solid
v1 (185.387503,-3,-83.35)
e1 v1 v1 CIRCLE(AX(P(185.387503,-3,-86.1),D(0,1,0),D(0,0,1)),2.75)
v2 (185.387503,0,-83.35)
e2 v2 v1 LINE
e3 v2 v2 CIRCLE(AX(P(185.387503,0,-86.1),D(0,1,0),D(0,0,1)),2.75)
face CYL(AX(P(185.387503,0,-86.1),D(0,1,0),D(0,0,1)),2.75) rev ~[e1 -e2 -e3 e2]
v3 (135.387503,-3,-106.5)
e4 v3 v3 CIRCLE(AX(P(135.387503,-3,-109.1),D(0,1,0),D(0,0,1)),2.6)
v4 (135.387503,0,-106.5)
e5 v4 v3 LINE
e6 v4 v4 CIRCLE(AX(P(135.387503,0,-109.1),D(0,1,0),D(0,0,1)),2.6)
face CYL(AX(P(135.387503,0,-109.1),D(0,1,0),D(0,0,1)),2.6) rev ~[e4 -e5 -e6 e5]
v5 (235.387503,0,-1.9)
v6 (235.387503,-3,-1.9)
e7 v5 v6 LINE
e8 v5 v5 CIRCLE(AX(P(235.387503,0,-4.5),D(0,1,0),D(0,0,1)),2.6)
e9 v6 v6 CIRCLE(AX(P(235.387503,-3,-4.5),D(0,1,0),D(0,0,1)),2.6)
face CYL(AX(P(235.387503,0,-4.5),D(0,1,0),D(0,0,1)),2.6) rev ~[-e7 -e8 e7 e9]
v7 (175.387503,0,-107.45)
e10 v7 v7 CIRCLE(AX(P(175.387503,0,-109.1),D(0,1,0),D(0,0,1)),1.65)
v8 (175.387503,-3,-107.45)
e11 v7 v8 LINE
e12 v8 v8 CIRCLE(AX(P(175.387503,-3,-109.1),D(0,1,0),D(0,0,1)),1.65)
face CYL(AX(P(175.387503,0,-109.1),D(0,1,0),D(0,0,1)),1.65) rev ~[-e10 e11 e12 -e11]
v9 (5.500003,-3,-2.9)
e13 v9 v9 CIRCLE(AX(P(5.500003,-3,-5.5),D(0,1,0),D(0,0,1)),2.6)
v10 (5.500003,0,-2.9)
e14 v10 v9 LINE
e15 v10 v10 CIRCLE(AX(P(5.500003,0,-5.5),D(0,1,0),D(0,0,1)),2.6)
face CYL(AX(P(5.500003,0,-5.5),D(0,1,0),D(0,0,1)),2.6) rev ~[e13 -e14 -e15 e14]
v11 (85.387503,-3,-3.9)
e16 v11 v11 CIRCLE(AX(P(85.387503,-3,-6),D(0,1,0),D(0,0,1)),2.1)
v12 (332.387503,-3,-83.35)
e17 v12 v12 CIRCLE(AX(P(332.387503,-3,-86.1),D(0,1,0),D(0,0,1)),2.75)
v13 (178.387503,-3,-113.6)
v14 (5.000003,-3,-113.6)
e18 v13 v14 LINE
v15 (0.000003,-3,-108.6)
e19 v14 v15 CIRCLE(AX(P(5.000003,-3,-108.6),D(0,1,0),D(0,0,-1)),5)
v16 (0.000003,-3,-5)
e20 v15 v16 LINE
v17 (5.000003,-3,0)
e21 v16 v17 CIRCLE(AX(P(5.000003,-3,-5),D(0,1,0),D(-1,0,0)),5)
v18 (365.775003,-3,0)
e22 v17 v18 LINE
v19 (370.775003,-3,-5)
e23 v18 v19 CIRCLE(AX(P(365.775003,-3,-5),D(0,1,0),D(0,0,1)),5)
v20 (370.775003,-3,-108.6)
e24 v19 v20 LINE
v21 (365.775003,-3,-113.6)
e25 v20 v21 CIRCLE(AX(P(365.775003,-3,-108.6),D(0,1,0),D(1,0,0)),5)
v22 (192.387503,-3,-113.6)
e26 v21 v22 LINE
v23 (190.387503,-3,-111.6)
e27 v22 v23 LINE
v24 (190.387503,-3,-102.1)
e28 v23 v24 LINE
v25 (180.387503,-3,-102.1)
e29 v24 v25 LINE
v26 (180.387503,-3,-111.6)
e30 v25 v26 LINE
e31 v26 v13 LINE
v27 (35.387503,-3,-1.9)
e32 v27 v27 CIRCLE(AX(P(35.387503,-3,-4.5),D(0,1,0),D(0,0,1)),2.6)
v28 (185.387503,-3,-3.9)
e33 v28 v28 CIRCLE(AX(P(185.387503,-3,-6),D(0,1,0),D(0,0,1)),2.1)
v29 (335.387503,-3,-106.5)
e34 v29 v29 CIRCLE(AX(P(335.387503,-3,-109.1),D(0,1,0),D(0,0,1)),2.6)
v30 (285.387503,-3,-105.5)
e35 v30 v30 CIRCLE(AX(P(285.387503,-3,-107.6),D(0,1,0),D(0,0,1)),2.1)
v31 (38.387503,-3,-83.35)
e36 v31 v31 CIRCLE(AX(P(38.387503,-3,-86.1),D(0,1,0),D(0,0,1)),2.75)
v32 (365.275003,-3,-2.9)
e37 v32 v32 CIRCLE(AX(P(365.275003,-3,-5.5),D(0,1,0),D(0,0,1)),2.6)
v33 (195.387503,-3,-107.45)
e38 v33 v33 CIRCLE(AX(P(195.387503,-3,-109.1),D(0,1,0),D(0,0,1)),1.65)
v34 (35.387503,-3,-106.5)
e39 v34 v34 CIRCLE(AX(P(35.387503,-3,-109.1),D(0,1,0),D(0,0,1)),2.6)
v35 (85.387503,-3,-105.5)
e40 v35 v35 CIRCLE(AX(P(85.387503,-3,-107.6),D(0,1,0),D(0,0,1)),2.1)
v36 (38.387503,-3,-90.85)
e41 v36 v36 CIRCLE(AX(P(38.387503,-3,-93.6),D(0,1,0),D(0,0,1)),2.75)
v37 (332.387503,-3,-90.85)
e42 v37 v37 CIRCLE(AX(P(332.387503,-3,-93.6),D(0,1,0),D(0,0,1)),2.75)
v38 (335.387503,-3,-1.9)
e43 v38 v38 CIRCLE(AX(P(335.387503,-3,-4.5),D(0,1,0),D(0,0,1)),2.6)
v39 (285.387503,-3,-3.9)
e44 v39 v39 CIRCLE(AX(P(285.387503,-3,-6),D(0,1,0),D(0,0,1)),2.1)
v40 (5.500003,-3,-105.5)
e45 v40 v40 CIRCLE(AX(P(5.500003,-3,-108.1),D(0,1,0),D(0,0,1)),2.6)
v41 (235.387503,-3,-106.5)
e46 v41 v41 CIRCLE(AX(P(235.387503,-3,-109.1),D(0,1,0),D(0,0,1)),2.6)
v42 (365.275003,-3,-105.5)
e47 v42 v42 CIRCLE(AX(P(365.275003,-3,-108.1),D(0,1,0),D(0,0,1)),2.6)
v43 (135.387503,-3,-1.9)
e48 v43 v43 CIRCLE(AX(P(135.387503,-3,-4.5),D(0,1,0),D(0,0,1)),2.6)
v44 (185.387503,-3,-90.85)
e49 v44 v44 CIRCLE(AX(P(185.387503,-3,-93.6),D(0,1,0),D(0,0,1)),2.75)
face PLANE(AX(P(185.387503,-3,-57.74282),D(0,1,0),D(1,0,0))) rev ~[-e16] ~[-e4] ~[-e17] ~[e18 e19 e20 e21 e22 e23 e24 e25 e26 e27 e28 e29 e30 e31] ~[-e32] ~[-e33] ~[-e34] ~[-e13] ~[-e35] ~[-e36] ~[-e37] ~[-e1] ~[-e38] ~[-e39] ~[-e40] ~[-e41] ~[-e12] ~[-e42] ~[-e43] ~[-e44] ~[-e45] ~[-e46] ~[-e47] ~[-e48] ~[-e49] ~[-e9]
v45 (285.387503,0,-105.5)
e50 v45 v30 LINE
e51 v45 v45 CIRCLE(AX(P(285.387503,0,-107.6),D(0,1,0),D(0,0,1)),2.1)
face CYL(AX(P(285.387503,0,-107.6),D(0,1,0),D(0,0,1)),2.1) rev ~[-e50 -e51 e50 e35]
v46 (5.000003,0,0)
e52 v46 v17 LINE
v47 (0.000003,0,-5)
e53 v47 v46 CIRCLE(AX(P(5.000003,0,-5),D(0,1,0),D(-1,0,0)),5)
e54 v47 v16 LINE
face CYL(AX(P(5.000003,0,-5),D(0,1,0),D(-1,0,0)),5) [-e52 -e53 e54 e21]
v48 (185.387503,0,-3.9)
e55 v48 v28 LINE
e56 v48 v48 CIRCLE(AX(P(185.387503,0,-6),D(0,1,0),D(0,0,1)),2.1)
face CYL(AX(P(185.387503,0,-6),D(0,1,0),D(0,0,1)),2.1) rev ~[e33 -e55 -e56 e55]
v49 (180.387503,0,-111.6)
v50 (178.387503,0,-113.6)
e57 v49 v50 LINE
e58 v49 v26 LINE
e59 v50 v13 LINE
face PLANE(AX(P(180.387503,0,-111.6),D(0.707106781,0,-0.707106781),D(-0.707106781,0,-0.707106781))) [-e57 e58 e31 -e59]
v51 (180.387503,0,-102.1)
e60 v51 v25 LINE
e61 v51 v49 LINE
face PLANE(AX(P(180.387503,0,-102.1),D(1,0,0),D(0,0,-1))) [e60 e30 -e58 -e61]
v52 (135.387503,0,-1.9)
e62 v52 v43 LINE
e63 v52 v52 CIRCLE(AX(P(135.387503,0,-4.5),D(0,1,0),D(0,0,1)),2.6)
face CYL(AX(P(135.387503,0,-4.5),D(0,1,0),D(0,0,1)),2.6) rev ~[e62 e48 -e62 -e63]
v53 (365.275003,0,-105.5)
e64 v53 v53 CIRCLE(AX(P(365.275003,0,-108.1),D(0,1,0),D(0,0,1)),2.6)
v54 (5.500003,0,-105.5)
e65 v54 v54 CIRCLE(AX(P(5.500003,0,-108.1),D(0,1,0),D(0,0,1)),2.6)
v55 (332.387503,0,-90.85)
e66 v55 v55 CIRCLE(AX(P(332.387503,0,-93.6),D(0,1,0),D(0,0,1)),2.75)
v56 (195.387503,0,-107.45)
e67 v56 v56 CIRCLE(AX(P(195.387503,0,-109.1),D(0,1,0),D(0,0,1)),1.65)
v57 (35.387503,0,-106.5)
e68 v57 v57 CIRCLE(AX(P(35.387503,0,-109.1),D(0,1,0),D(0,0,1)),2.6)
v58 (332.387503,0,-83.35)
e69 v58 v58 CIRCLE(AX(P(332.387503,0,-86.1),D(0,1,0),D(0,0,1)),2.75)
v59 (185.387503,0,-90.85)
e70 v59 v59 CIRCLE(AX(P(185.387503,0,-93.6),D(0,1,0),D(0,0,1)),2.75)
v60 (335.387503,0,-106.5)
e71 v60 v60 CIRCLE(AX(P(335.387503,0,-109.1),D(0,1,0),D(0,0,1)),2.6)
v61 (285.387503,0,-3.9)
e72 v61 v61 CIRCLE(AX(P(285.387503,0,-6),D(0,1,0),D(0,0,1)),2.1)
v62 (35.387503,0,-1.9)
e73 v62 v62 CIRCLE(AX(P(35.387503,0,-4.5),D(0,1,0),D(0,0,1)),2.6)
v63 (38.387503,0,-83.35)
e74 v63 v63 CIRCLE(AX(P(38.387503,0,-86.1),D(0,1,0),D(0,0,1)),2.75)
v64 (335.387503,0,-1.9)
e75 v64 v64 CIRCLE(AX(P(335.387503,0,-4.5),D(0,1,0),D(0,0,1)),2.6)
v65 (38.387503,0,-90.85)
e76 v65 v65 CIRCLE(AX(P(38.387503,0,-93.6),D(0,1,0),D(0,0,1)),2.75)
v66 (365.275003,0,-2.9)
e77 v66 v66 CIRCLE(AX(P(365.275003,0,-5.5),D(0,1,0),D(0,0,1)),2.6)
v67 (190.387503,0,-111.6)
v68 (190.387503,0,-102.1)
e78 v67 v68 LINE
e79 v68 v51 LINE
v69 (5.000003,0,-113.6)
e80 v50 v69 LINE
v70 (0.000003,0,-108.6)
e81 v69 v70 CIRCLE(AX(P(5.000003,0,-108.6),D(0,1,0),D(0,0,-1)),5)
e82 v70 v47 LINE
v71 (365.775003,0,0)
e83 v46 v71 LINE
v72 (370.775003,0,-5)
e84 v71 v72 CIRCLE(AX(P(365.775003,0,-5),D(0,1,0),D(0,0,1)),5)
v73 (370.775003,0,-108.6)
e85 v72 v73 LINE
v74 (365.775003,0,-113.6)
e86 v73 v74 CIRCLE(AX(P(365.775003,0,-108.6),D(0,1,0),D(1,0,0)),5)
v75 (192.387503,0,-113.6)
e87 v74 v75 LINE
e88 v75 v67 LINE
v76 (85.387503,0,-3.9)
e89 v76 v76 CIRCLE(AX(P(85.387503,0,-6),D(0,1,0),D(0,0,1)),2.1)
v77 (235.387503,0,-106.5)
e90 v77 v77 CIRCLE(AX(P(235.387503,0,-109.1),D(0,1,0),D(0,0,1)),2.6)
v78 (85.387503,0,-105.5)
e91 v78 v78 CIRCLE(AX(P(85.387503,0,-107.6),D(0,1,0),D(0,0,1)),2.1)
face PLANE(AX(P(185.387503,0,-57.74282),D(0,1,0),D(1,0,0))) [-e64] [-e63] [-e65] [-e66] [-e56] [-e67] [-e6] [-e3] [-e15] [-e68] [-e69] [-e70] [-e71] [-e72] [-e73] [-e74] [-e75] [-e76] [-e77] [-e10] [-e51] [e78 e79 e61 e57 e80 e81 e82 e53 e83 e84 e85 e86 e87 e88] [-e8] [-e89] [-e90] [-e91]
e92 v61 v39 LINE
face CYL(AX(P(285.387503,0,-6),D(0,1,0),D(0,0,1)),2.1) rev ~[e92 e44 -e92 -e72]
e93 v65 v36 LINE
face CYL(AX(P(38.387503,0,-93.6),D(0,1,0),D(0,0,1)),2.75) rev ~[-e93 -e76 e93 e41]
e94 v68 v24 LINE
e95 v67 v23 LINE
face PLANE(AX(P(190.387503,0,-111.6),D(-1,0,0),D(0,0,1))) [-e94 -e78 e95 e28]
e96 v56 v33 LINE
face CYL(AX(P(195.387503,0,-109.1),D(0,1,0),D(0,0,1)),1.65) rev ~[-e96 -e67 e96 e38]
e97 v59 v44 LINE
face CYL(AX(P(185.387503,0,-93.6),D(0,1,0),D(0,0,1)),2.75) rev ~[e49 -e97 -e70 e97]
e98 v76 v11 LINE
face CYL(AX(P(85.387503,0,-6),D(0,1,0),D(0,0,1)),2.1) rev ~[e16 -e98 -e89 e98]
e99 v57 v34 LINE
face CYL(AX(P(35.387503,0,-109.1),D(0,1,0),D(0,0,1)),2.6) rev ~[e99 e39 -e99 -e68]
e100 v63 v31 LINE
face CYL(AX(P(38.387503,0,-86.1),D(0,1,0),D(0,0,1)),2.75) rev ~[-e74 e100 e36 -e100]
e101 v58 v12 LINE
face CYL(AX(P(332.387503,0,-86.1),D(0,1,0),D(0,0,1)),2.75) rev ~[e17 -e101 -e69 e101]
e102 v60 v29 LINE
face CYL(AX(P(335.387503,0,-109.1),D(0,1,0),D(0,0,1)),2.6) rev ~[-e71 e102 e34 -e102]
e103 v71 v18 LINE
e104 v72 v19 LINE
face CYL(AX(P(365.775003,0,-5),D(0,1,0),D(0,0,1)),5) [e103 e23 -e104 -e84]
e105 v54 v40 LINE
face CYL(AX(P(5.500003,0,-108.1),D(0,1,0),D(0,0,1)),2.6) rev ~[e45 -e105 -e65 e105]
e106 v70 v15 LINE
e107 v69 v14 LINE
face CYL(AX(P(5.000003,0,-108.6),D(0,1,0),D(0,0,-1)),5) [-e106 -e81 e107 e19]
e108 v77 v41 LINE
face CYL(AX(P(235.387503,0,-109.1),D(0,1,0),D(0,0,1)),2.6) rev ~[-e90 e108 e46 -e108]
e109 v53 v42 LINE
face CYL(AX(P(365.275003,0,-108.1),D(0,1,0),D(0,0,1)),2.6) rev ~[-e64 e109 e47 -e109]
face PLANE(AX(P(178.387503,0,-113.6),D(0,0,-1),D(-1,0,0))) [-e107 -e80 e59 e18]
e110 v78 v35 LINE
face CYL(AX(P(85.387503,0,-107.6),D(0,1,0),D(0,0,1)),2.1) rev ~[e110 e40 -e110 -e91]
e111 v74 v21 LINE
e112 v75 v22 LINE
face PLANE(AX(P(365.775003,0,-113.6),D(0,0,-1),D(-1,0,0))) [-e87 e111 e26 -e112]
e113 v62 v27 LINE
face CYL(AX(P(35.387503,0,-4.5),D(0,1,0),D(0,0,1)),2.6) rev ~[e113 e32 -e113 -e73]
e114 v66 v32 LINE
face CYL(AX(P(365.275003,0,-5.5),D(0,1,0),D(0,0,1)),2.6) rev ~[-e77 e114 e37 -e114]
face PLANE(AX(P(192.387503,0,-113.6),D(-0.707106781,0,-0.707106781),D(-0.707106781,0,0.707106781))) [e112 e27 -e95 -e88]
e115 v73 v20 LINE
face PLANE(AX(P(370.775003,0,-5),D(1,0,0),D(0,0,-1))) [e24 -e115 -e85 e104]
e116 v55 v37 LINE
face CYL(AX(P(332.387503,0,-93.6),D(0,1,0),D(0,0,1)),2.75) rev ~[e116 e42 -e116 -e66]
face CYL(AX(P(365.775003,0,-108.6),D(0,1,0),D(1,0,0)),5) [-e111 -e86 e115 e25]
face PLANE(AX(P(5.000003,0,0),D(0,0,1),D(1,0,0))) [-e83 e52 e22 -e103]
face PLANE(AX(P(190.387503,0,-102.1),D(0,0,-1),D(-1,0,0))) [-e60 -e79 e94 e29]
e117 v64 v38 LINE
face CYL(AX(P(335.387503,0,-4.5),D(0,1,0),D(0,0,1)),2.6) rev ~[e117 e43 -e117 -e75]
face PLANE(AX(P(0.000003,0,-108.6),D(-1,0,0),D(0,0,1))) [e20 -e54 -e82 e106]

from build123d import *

# Parameters (mm, degrees)
SKETCH1_R           = 2.6
SKETCH1_R_2         = 1.65
SKETCH1_R_3         = 2.75
SKETCH1_R_4         = 2.1
BOSS_EXTRUDE1_DEPTH = 3


with BuildPart() as part:
    # Sketch1 → Boss-Extrude1 (new body)
    with BuildSketch(Plane(origin=(0, 0, 0), x_dir=(1, 0, 0), z_dir=(0, 1, 0))):
        with BuildLine():
            Line((3.317e-06, 108.599999792), (3.317e-06, 4.999999792))
            ThreePointArc((3.317e-06, 4.999999792), (1.464469411, 1.464465886), (5.000003317, -2.08e-07))
            Line((5.000003317, -2.08e-07), (365.775003317, -2.08e-07))
            ThreePointArc((365.775003317, -2.08e-07), (369.310537223, 1.464465886), (370.775003317, 4.999999792))
            Line((370.775003317, 4.999999792), (370.775003317, 108.599999792))
            ThreePointArc((370.775003317, 108.599999792), (369.310537223, 112.135533698), (365.775003317, 113.599999792))
            Line((365.775003317, 113.599999792), (192.387503319, 113.599999792))
            Line((192.387503319, 113.599999792), (190.387503319, 111.599999792))
            Line((190.387503319, 111.599999792), (190.387503319, 102.099999792))
            Line((190.387503319, 102.099999792), (180.387503319, 102.099999792))
            Line((180.387503319, 102.099999792), (180.387503319, 111.599999792))
            Line((180.387503319, 111.599999792), (178.387503319, 113.599999792))
            Line((178.387503319, 113.599999792), (5.000003317, 113.599999792))
            ThreePointArc((5.000003317, 113.599999792), (1.464469411, 112.135533698), (3.317e-06, 108.599999792))
        make_face()
        with Locations(Location((5.500003317, 108.099999792, 0), (0, 0, 270))):
            Circle(SKETCH1_R, mode=Mode.SUBTRACT)
        with Locations(Location((5.500003317, 5.499999792, 0), (0, 0, 270))):
            Circle(SKETCH1_R, mode=Mode.SUBTRACT)
        with Locations(Location((365.275003317, 5.499999792, 0), (0, 0, 270))):
            Circle(SKETCH1_R, mode=Mode.SUBTRACT)
        with Locations(Location((365.275003317, 108.099999792, 0), (0, 0, 270))):
            Circle(SKETCH1_R, mode=Mode.SUBTRACT)
        with Locations(Location((35.387503317, 4.499999792, 0), (0, 0, 270))):
            Circle(SKETCH1_R, mode=Mode.SUBTRACT)
        with Locations(Location((135.387503317, 4.499999792, 0), (0, 0, 270))):
            Circle(SKETCH1_R, mode=Mode.SUBTRACT)
        with Locations(Location((335.387503317, 4.499999792, 0), (0, 0, 270))):
            Circle(SKETCH1_R, mode=Mode.SUBTRACT)
        with Locations(Location((235.387503317, 4.499999792, 0), (0, 0, 270))):
            Circle(SKETCH1_R, mode=Mode.SUBTRACT)
        with Locations(Location((35.387503317, 109.099999792, 0), (0, 0, 270))):
            Circle(SKETCH1_R, mode=Mode.SUBTRACT)
        with Locations(Location((135.387503317, 109.099999792, 0), (0, 0, 270))):
            Circle(SKETCH1_R, mode=Mode.SUBTRACT)
        with Locations(Location((335.387503317, 109.099999792, 0), (0, 0, 270))):
            Circle(SKETCH1_R, mode=Mode.SUBTRACT)
        with Locations(Location((235.387503317, 109.099999792, 0), (0, 0, 270))):
            Circle(SKETCH1_R, mode=Mode.SUBTRACT)
        with Locations(Location((195.387503317, 109.099999792, 0), (0, 0, 270))):
            Circle(SKETCH1_R_2, mode=Mode.SUBTRACT)
        with Locations(Location((175.387503317, 109.099999792, 0), (0, 0, 270))):
            Circle(SKETCH1_R_2, mode=Mode.SUBTRACT)
        with Locations(Location((38.387503314, 86.099999792, 0), (0, 0, 270))):
            Circle(SKETCH1_R_3, mode=Mode.SUBTRACT)
        with Locations(Location((38.387503317, 93.599999792, 0), (0, 0, 270))):
            Circle(SKETCH1_R_3, mode=Mode.SUBTRACT)
        with Locations(Location((332.387503314, 86.099999792, 0), (0, 0, 270))):
            Circle(SKETCH1_R_3, mode=Mode.SUBTRACT)
        with Locations(Location((332.387503317, 93.599999792, 0), (0, 0, 270))):
            Circle(SKETCH1_R_3, mode=Mode.SUBTRACT)
        with Locations(Location((185.387503314, 86.099999792, 0), (0, 0, 270))):
            Circle(SKETCH1_R_3, mode=Mode.SUBTRACT)
        with Locations(Location((185.387503317, 93.599999792, 0), (0, 0, 270))):
            Circle(SKETCH1_R_3, mode=Mode.SUBTRACT)
        with Locations(Location((85.387503317, 107.599999792, 0), (0, 0, 270))):
            Circle(SKETCH1_R_4, mode=Mode.SUBTRACT)
        with Locations(Location((285.387503317, 107.599999792, 0), (0, 0, 270))):
            Circle(SKETCH1_R_4, mode=Mode.SUBTRACT)
        with Locations(Location((85.387503317, 5.999999792, 0), (0, 0, 270))):
            Circle(SKETCH1_R_4, mode=Mode.SUBTRACT)
        with Locations(Location((185.387503317, 5.999999792, 0), (0, 0, 270))):
            Circle(SKETCH1_R_4, mode=Mode.SUBTRACT)
        with Locations(Location((285.387503317, 5.999999792, 0), (0, 0, 270))):
            Circle(SKETCH1_R_4, mode=Mode.SUBTRACT)
    extrude(amount=-BOSS_EXTRUDE1_DEPTH)


solid = part.part
